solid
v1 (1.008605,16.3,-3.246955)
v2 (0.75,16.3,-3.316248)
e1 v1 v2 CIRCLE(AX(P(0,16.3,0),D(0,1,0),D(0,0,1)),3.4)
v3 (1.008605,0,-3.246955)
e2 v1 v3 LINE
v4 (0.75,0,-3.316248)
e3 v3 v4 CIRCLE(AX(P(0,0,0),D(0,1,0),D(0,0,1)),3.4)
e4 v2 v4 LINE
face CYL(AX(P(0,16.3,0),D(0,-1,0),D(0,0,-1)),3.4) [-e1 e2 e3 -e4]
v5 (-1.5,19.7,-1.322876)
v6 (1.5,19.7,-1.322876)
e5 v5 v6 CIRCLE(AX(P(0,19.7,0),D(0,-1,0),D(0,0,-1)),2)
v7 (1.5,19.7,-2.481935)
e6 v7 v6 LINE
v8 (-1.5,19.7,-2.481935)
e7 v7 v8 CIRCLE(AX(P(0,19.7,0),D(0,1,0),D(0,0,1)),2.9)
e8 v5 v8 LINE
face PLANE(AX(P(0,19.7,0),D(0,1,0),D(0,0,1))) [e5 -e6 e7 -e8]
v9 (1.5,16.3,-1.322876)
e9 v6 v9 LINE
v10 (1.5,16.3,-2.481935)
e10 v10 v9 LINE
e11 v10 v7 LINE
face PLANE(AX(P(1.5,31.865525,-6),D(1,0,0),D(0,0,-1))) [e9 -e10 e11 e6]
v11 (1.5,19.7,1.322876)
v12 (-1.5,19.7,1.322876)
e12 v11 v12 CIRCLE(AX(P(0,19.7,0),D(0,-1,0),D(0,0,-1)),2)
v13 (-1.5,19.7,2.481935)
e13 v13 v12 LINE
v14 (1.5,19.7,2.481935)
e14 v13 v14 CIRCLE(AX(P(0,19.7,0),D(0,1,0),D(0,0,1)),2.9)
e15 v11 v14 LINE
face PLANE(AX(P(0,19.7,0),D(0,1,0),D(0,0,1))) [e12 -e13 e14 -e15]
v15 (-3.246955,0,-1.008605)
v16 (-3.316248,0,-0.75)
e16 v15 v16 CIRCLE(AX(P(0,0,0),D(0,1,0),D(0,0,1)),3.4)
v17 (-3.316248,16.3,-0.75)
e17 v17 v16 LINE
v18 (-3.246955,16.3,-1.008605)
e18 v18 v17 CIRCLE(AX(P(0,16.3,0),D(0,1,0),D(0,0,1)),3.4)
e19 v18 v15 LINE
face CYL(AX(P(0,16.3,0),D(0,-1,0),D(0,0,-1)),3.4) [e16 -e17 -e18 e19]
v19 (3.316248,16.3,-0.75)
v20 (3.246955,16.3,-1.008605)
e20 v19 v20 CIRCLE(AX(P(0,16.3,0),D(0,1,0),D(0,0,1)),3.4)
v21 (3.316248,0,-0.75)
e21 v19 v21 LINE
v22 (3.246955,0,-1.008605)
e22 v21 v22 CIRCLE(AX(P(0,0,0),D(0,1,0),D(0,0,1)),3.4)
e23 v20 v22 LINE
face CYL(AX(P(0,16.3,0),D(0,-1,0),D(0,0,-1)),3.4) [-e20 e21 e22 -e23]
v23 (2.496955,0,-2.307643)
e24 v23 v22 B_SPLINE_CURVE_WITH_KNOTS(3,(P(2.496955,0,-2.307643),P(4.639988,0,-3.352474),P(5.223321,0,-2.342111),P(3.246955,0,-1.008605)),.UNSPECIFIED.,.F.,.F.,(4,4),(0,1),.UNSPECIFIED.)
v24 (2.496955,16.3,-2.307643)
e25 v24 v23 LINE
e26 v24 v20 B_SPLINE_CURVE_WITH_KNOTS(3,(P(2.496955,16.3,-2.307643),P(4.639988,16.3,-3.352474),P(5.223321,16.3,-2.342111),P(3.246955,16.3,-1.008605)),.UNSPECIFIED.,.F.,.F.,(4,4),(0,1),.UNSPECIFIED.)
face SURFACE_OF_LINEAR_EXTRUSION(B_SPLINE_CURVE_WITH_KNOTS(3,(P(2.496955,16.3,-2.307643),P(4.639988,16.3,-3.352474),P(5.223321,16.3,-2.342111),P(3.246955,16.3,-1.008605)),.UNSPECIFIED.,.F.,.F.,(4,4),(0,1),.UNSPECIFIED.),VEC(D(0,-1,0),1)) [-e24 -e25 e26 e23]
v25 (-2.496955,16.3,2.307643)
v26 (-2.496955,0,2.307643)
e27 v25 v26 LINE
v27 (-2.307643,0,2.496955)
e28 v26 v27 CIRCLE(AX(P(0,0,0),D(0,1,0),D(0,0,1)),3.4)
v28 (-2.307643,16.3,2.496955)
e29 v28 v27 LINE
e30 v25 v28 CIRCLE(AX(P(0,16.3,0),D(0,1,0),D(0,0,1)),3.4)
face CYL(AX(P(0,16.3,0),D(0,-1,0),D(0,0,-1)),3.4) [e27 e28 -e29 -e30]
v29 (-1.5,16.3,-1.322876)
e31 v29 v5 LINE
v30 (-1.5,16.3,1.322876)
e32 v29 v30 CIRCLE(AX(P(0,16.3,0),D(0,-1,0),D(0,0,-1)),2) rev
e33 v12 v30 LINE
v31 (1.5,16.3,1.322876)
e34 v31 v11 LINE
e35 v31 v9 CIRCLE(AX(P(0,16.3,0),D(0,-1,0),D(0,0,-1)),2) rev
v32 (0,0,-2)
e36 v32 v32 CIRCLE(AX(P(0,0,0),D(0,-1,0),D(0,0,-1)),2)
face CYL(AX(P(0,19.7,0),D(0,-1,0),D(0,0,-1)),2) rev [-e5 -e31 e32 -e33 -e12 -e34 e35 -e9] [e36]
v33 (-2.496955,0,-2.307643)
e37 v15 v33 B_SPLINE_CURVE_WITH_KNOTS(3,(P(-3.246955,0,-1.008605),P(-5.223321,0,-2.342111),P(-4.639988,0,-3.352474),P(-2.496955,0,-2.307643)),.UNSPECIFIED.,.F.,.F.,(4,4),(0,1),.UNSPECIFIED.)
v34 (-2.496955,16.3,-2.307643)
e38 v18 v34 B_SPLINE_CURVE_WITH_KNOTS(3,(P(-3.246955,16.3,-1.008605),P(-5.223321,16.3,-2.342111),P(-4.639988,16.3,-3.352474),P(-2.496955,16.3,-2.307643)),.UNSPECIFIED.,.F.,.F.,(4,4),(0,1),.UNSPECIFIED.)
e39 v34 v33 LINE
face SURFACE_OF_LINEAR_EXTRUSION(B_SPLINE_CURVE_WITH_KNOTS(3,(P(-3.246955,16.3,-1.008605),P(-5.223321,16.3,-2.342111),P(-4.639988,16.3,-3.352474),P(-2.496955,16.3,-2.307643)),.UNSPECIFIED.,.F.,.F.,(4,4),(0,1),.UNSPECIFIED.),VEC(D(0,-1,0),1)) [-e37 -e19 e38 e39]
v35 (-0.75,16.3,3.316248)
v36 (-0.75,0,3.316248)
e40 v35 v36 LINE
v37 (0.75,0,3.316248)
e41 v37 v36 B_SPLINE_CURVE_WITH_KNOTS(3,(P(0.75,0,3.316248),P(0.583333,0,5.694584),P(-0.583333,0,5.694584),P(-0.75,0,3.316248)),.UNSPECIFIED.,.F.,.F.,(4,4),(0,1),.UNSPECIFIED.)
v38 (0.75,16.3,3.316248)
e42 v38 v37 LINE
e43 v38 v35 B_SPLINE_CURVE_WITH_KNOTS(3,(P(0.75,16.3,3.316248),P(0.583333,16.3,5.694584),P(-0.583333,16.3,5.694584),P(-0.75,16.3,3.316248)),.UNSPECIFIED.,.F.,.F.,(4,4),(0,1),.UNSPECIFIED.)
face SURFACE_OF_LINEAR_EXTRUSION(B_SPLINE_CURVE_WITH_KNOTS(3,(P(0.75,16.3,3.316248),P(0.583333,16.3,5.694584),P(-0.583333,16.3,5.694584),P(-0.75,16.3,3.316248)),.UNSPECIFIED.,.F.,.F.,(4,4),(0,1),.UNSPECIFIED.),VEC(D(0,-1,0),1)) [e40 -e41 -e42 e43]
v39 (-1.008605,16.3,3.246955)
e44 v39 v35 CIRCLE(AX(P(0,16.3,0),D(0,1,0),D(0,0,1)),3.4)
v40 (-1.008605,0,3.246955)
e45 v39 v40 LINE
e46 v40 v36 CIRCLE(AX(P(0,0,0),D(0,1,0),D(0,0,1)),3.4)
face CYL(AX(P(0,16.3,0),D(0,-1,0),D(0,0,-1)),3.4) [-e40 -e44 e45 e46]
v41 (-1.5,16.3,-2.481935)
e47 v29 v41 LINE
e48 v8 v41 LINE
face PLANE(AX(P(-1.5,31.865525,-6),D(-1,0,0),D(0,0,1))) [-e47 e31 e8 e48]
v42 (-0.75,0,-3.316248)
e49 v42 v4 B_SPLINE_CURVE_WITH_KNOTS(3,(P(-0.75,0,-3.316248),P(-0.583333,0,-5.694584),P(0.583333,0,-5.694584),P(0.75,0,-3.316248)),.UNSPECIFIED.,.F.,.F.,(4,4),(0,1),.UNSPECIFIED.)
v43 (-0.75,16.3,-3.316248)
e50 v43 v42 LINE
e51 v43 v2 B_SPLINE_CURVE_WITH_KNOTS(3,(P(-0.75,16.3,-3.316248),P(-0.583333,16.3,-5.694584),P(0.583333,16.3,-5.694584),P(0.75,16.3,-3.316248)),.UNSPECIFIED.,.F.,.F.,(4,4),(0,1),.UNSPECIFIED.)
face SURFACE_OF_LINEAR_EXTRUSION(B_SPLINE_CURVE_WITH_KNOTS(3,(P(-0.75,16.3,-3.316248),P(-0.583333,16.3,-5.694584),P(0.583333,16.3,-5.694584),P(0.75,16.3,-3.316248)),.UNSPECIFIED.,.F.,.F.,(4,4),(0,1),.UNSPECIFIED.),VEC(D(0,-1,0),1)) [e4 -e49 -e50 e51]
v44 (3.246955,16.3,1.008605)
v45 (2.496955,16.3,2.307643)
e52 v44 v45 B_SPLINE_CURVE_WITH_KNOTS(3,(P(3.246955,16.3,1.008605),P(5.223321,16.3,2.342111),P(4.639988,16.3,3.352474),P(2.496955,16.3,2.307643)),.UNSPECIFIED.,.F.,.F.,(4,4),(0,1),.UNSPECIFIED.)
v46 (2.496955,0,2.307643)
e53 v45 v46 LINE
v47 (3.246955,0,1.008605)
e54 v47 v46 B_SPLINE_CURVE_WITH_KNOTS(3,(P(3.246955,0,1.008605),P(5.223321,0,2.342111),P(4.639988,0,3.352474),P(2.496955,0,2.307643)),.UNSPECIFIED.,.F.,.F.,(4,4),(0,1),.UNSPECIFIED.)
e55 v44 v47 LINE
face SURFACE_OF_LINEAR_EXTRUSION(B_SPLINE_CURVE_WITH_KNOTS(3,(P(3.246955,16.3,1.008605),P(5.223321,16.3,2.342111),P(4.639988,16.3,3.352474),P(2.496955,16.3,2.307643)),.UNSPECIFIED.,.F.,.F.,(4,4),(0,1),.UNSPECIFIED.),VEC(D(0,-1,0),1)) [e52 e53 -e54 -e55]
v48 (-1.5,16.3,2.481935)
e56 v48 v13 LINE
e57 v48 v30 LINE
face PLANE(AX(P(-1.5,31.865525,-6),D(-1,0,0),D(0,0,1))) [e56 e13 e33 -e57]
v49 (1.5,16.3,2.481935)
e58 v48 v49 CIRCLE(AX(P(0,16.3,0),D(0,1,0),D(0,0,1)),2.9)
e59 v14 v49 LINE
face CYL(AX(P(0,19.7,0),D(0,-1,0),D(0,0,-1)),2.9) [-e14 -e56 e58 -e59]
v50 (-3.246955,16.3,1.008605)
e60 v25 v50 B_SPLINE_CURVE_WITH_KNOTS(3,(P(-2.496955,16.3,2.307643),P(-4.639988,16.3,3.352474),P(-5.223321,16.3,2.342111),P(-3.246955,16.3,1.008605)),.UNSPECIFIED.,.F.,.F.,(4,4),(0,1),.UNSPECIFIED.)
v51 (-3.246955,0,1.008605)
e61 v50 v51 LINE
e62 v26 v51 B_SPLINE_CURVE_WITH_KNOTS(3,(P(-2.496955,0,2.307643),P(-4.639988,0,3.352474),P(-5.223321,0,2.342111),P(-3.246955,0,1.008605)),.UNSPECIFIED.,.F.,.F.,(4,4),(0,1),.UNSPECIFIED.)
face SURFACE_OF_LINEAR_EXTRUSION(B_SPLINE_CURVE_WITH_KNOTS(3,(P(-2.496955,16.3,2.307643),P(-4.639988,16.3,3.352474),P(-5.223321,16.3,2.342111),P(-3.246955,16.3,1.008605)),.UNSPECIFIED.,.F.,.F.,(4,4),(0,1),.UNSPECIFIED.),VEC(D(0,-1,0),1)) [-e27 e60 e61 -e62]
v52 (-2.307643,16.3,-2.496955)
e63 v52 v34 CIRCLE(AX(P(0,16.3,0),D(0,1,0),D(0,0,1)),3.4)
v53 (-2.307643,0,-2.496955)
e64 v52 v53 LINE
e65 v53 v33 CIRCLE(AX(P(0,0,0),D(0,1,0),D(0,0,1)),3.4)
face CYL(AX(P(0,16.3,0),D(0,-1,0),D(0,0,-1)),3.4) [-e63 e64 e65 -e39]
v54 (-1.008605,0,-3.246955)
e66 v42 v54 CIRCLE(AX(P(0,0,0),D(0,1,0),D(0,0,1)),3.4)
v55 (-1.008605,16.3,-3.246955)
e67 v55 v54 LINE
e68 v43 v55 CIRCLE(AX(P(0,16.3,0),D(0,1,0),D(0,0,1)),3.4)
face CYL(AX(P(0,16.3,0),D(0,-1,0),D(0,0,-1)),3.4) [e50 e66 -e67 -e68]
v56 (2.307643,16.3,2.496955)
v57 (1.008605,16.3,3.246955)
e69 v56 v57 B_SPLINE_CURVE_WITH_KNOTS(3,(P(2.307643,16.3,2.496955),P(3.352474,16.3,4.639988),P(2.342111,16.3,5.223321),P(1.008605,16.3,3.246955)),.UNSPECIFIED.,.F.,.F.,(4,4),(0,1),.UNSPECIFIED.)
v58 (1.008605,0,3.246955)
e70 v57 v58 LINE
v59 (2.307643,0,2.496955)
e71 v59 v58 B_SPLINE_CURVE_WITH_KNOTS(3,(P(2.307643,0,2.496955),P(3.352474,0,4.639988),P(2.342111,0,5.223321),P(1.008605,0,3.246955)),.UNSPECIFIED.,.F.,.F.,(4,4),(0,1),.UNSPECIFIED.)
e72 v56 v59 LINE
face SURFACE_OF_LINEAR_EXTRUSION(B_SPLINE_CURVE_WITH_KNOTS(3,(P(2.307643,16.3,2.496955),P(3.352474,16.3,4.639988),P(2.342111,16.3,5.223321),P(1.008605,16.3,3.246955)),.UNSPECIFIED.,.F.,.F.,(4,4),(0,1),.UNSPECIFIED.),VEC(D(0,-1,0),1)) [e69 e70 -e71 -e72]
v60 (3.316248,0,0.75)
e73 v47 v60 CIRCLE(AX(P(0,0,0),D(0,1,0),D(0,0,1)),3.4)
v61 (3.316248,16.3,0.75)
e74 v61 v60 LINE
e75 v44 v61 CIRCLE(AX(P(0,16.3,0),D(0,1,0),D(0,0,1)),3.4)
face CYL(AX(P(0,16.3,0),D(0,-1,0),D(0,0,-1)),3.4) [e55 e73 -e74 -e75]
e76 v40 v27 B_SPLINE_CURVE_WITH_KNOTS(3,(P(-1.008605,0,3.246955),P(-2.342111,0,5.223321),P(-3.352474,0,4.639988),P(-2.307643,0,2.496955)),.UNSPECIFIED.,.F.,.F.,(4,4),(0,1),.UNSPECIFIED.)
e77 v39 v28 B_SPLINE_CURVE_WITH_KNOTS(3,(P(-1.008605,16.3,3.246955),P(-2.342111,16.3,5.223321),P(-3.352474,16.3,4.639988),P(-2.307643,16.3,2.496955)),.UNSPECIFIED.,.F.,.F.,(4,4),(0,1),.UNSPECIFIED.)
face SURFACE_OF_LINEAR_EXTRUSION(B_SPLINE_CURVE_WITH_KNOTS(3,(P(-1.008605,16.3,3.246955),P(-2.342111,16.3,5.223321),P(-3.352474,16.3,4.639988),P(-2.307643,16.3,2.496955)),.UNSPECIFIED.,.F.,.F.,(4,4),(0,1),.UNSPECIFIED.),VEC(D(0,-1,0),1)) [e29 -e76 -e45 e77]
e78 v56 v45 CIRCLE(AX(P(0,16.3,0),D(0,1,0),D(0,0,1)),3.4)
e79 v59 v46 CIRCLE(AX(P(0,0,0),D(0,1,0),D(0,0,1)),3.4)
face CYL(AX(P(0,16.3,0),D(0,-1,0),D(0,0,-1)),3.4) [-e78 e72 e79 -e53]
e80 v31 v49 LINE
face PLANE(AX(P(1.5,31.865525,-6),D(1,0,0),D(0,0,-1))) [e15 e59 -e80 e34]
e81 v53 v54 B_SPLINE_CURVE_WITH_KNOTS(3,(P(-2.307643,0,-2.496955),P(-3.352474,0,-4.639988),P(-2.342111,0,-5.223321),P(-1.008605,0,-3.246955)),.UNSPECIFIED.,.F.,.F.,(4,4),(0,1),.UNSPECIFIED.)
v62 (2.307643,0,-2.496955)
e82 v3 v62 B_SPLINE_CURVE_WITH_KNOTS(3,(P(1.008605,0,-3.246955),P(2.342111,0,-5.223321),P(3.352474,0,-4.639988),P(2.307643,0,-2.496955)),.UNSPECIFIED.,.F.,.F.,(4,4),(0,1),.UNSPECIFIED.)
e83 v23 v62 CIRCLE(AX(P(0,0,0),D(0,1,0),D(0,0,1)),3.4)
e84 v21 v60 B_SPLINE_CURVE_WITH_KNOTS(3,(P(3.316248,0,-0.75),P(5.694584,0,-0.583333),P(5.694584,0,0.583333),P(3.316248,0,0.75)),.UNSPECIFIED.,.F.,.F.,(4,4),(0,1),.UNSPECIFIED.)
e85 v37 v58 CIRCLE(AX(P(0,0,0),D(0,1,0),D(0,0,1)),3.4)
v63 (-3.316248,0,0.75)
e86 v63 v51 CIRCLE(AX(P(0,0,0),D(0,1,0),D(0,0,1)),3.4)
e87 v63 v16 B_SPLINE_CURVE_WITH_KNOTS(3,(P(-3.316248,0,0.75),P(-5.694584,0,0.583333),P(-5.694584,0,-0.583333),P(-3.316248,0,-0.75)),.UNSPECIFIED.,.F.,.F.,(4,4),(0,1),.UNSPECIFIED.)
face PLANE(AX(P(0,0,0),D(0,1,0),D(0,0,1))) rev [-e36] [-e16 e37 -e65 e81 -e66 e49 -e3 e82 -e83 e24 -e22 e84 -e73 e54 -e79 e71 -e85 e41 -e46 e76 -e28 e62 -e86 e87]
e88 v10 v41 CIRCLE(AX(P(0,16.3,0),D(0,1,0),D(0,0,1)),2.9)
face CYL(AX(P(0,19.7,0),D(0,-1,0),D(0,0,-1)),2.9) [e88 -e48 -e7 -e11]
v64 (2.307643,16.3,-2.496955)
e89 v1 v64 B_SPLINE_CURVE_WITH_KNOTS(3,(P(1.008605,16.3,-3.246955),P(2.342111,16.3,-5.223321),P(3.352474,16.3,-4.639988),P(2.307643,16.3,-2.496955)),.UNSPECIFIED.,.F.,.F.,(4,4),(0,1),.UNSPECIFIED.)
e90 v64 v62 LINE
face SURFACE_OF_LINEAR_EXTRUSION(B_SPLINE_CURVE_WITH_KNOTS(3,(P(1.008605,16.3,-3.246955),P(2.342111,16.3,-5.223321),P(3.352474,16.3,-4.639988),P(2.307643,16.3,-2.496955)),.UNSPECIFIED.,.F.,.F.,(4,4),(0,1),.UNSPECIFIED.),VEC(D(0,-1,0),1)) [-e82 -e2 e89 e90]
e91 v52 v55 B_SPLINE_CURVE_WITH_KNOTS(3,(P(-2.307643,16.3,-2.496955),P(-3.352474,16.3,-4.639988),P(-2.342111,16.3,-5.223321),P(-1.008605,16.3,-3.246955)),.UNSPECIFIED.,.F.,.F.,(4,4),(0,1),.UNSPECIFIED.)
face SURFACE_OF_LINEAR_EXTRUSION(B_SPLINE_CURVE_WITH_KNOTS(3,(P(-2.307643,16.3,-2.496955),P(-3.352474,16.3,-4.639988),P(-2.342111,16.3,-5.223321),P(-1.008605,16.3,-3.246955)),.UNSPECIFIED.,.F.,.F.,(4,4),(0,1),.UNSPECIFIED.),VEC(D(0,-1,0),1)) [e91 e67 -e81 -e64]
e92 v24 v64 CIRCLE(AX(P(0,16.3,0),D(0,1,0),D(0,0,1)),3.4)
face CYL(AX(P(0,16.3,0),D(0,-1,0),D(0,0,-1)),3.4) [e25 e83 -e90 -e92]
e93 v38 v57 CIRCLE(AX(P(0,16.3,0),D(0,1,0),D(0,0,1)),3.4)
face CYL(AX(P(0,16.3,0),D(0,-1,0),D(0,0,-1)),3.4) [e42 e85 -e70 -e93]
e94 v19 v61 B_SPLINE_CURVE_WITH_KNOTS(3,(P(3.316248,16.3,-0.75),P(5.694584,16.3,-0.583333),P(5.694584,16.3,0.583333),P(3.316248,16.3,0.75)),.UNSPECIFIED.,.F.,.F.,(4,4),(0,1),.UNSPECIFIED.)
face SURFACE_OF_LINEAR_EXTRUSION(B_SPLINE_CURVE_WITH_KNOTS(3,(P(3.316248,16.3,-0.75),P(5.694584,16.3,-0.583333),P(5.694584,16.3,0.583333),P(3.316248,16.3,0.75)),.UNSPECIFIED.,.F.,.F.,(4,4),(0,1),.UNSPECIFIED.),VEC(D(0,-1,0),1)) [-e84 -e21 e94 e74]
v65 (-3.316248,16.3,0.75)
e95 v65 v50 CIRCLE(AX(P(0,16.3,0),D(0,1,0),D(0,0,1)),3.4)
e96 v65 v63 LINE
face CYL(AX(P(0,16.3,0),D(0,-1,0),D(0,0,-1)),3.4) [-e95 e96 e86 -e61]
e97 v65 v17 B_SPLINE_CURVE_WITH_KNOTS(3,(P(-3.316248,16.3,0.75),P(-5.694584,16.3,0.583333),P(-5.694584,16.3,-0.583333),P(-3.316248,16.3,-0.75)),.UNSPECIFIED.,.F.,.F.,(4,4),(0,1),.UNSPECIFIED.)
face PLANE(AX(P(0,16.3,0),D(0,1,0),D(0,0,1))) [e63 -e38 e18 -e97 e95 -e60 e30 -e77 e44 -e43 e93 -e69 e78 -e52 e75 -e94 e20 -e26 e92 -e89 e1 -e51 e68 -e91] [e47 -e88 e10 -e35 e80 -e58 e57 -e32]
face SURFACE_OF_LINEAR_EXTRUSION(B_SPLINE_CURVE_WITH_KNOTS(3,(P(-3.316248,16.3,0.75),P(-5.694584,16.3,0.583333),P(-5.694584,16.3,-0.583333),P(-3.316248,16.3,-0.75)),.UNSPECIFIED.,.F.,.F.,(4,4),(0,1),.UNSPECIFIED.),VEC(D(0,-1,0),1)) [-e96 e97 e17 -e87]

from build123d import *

# Parameters (mm, degrees)
SKETCH1_R           = 3.4
BOSS_EXTRUDE1_DEPTH = 16.3
SKETCH4_R           = 2.9
BOSS_EXTRUDE2_DEPTH = 3.4
SKETCH2_R           = 2
CUT_EXTRUDE2_DEPTH  = 19.7
SKETCH5_W           = 2
SKETCH5_H           = 12
CUT_EXTRUDE3_DEPTH  = 3.4


with BuildPart() as part:
    # Sketch1 → Boss-Extrude1 (new body)
    with BuildSketch(Plane(origin=(0, 0, 0), x_dir=(1, 0, 0), z_dir=(0, 1, 0))):
        Circle(SKETCH1_R)
        with BuildLine():
            ThreePointArc((-3.31624788, -0.75), (-3.4, 0), (-3.31624788, 0.75))
            add(Edge.make_bspline(
                [(-3.31624788, -0.75), (-5.69458404, -0.583333333), (-5.69458404, 0.583333333), (-3.31624788, 0.75)],
                knots=[0, 0, 0, 0, 1, 1, 1, 1], degree=3))
        make_face()
        with BuildLine():
            add(Edge.make_bspline(
                [(-2.496954909, -2.307642993), (-4.639987776, -3.352473506), (-5.223321109, -2.342110534), (-3.246954909, -1.008604887)],
                knots=[0, 0, 0, 0, 1, 1, 1, 1], degree=3))
            ThreePointArc((-2.496954909, -2.307642993), (-2.944486373, -1.7), (-3.246954909, -1.008604887))
        make_face()
        with BuildLine():
            add(Edge.make_bspline(
                [(-1.008604887, -3.246954909), (-2.342110534, -5.223321109), (-3.352473506, -4.639987776), (-2.307642993, -2.496954909)],
                knots=[0, 0, 0, 0, 1, 1, 1, 1], degree=3))
            ThreePointArc((-1.008604887, -3.246954909), (-1.7, -2.944486373), (-2.307642993, -2.496954909))
        make_face()
        with BuildLine():
            add(Edge.make_bspline(
                [(0.75, -3.31624788), (0.583333333, -5.69458404), (-0.583333333, -5.69458404), (-0.75, -3.31624788)],
                knots=[0, 0, 0, 0, 1, 1, 1, 1], degree=3))
            ThreePointArc((0.75, -3.31624788), (0, -3.4), (-0.75, -3.31624788))
        make_face()
        with BuildLine():
            add(Edge.make_bspline(
                [(2.307642993, -2.496954909), (3.352473506, -4.639987776), (2.342110534, -5.223321109), (1.008604887, -3.246954909)],
                knots=[0, 0, 0, 0, 1, 1, 1, 1], degree=3))
            ThreePointArc((2.307642993, -2.496954909), (1.7, -2.944486373), (1.008604887, -3.246954909))
        make_face()
        with BuildLine():
            add(Edge.make_bspline(
                [(3.246954909, -1.008604887), (5.223321109, -2.342110534), (4.639987776, -3.352473506), (2.496954909, -2.307642993)],
                knots=[0, 0, 0, 0, 1, 1, 1, 1], degree=3))
            ThreePointArc((3.246954909, -1.008604887), (2.944486373, -1.7), (2.496954909, -2.307642993))
        make_face()
        with BuildLine():
            ThreePointArc((3.31624788, 0.75), (3.378997099, 0.377330895), (3.4, 0))
            ThreePointArc((3.4, 0), (3.378997099, -0.377330895), (3.31624788, -0.75))
            add(Edge.make_bspline(
                [(3.31624788, 0.75), (5.69458404, 0.583333333), (5.69458404, -0.583333333), (3.31624788, -0.75)],
                knots=[0, 0, 0, 0, 1, 1, 1, 1], degree=3))
        make_face()
        with BuildLine():
            ThreePointArc((2.496954909, 2.307642993), (2.944486373, 1.7), (3.246954909, 1.008604887))
            add(Edge.make_bspline(
                [(2.496954909, 2.307642993), (4.639987776, 3.352473506), (5.223321109, 2.342110534), (3.246954909, 1.008604887)],
                knots=[0, 0, 0, 0, 1, 1, 1, 1], degree=3))
        make_face()
        with BuildLine():
            ThreePointArc((1.008604887, 3.246954909), (1.7, 2.944486373), (2.307642993, 2.496954909))
            add(Edge.make_bspline(
                [(1.008604887, 3.246954909), (2.342110534, 5.223321109), (3.352473506, 4.639987776), (2.307642993, 2.496954909)],
                knots=[0, 0, 0, 0, 1, 1, 1, 1], degree=3))
        make_face()
        with BuildLine():
            ThreePointArc((-3.246954909, 1.008604887), (-2.944486373, 1.7), (-2.496954909, 2.307642993))
            add(Edge.make_bspline(
                [(-3.246954909, 1.008604887), (-5.223321109, 2.342110534), (-4.639987776, 3.352473506), (-2.496954909, 2.307642993)],
                knots=[0, 0, 0, 0, 1, 1, 1, 1], degree=3))
        make_face()
        with BuildLine():
            ThreePointArc((-2.307642993, 2.496954909), (-1.7, 2.944486373), (-1.008604887, 3.246954909))
            add(Edge.make_bspline(
                [(-2.307642993, 2.496954909), (-3.352473506, 4.639987776), (-2.342110534, 5.223321109), (-1.008604887, 3.246954909)],
                knots=[0, 0, 0, 0, 1, 1, 1, 1], degree=3))
        make_face()
        with BuildLine():
            ThreePointArc((-0.75, 3.31624788), (0, 3.4), (0.75, 3.31624788))
            add(Edge.make_bspline(
                [(-0.75, 3.31624788), (-0.583333333, 5.69458404), (0.583333333, 5.69458404), (0.75, 3.31624788)],
                knots=[0, 0, 0, 0, 1, 1, 1, 1], degree=3))
        make_face()
    extrude(amount=BOSS_EXTRUDE1_DEPTH)

    # Sketch4 → Boss-Extrude2 (add)
    with BuildSketch(Plane(origin=(0, 16.3, 0), x_dir=(1, 0, 0), z_dir=(0, 1, 0))):
        with Locations(Location((0, 0, 0), (0, 0, 270))):
            Circle(SKETCH4_R)
    extrude(amount=BOSS_EXTRUDE2_DEPTH)

    # Sketch2 → Cut-Extrude2 (cut)
    with BuildSketch(Plane.XZ):
        with Locations(Location((0, 0, 0), (0, 0, 270))):
            Circle(SKETCH2_R)
    extrude(amount=-CUT_EXTRUDE2_DEPTH, mode=Mode.SUBTRACT)

    # Sketch5 → Cut-Extrude3 (cut)
    with BuildSketch(Plane(origin=(0, 16.3, 0), x_dir=(1, 0, 0), z_dir=(0, 1, 0))):
        with Locations((2.5, 0)):
            Rectangle(SKETCH5_W, SKETCH5_H)
        with Locations((-2.5, 0)):
            Rectangle(SKETCH5_W, SKETCH5_H)
    extrude(amount=CUT_EXTRUDE3_DEPTH, mode=Mode.SUBTRACT)


solid = part.part
